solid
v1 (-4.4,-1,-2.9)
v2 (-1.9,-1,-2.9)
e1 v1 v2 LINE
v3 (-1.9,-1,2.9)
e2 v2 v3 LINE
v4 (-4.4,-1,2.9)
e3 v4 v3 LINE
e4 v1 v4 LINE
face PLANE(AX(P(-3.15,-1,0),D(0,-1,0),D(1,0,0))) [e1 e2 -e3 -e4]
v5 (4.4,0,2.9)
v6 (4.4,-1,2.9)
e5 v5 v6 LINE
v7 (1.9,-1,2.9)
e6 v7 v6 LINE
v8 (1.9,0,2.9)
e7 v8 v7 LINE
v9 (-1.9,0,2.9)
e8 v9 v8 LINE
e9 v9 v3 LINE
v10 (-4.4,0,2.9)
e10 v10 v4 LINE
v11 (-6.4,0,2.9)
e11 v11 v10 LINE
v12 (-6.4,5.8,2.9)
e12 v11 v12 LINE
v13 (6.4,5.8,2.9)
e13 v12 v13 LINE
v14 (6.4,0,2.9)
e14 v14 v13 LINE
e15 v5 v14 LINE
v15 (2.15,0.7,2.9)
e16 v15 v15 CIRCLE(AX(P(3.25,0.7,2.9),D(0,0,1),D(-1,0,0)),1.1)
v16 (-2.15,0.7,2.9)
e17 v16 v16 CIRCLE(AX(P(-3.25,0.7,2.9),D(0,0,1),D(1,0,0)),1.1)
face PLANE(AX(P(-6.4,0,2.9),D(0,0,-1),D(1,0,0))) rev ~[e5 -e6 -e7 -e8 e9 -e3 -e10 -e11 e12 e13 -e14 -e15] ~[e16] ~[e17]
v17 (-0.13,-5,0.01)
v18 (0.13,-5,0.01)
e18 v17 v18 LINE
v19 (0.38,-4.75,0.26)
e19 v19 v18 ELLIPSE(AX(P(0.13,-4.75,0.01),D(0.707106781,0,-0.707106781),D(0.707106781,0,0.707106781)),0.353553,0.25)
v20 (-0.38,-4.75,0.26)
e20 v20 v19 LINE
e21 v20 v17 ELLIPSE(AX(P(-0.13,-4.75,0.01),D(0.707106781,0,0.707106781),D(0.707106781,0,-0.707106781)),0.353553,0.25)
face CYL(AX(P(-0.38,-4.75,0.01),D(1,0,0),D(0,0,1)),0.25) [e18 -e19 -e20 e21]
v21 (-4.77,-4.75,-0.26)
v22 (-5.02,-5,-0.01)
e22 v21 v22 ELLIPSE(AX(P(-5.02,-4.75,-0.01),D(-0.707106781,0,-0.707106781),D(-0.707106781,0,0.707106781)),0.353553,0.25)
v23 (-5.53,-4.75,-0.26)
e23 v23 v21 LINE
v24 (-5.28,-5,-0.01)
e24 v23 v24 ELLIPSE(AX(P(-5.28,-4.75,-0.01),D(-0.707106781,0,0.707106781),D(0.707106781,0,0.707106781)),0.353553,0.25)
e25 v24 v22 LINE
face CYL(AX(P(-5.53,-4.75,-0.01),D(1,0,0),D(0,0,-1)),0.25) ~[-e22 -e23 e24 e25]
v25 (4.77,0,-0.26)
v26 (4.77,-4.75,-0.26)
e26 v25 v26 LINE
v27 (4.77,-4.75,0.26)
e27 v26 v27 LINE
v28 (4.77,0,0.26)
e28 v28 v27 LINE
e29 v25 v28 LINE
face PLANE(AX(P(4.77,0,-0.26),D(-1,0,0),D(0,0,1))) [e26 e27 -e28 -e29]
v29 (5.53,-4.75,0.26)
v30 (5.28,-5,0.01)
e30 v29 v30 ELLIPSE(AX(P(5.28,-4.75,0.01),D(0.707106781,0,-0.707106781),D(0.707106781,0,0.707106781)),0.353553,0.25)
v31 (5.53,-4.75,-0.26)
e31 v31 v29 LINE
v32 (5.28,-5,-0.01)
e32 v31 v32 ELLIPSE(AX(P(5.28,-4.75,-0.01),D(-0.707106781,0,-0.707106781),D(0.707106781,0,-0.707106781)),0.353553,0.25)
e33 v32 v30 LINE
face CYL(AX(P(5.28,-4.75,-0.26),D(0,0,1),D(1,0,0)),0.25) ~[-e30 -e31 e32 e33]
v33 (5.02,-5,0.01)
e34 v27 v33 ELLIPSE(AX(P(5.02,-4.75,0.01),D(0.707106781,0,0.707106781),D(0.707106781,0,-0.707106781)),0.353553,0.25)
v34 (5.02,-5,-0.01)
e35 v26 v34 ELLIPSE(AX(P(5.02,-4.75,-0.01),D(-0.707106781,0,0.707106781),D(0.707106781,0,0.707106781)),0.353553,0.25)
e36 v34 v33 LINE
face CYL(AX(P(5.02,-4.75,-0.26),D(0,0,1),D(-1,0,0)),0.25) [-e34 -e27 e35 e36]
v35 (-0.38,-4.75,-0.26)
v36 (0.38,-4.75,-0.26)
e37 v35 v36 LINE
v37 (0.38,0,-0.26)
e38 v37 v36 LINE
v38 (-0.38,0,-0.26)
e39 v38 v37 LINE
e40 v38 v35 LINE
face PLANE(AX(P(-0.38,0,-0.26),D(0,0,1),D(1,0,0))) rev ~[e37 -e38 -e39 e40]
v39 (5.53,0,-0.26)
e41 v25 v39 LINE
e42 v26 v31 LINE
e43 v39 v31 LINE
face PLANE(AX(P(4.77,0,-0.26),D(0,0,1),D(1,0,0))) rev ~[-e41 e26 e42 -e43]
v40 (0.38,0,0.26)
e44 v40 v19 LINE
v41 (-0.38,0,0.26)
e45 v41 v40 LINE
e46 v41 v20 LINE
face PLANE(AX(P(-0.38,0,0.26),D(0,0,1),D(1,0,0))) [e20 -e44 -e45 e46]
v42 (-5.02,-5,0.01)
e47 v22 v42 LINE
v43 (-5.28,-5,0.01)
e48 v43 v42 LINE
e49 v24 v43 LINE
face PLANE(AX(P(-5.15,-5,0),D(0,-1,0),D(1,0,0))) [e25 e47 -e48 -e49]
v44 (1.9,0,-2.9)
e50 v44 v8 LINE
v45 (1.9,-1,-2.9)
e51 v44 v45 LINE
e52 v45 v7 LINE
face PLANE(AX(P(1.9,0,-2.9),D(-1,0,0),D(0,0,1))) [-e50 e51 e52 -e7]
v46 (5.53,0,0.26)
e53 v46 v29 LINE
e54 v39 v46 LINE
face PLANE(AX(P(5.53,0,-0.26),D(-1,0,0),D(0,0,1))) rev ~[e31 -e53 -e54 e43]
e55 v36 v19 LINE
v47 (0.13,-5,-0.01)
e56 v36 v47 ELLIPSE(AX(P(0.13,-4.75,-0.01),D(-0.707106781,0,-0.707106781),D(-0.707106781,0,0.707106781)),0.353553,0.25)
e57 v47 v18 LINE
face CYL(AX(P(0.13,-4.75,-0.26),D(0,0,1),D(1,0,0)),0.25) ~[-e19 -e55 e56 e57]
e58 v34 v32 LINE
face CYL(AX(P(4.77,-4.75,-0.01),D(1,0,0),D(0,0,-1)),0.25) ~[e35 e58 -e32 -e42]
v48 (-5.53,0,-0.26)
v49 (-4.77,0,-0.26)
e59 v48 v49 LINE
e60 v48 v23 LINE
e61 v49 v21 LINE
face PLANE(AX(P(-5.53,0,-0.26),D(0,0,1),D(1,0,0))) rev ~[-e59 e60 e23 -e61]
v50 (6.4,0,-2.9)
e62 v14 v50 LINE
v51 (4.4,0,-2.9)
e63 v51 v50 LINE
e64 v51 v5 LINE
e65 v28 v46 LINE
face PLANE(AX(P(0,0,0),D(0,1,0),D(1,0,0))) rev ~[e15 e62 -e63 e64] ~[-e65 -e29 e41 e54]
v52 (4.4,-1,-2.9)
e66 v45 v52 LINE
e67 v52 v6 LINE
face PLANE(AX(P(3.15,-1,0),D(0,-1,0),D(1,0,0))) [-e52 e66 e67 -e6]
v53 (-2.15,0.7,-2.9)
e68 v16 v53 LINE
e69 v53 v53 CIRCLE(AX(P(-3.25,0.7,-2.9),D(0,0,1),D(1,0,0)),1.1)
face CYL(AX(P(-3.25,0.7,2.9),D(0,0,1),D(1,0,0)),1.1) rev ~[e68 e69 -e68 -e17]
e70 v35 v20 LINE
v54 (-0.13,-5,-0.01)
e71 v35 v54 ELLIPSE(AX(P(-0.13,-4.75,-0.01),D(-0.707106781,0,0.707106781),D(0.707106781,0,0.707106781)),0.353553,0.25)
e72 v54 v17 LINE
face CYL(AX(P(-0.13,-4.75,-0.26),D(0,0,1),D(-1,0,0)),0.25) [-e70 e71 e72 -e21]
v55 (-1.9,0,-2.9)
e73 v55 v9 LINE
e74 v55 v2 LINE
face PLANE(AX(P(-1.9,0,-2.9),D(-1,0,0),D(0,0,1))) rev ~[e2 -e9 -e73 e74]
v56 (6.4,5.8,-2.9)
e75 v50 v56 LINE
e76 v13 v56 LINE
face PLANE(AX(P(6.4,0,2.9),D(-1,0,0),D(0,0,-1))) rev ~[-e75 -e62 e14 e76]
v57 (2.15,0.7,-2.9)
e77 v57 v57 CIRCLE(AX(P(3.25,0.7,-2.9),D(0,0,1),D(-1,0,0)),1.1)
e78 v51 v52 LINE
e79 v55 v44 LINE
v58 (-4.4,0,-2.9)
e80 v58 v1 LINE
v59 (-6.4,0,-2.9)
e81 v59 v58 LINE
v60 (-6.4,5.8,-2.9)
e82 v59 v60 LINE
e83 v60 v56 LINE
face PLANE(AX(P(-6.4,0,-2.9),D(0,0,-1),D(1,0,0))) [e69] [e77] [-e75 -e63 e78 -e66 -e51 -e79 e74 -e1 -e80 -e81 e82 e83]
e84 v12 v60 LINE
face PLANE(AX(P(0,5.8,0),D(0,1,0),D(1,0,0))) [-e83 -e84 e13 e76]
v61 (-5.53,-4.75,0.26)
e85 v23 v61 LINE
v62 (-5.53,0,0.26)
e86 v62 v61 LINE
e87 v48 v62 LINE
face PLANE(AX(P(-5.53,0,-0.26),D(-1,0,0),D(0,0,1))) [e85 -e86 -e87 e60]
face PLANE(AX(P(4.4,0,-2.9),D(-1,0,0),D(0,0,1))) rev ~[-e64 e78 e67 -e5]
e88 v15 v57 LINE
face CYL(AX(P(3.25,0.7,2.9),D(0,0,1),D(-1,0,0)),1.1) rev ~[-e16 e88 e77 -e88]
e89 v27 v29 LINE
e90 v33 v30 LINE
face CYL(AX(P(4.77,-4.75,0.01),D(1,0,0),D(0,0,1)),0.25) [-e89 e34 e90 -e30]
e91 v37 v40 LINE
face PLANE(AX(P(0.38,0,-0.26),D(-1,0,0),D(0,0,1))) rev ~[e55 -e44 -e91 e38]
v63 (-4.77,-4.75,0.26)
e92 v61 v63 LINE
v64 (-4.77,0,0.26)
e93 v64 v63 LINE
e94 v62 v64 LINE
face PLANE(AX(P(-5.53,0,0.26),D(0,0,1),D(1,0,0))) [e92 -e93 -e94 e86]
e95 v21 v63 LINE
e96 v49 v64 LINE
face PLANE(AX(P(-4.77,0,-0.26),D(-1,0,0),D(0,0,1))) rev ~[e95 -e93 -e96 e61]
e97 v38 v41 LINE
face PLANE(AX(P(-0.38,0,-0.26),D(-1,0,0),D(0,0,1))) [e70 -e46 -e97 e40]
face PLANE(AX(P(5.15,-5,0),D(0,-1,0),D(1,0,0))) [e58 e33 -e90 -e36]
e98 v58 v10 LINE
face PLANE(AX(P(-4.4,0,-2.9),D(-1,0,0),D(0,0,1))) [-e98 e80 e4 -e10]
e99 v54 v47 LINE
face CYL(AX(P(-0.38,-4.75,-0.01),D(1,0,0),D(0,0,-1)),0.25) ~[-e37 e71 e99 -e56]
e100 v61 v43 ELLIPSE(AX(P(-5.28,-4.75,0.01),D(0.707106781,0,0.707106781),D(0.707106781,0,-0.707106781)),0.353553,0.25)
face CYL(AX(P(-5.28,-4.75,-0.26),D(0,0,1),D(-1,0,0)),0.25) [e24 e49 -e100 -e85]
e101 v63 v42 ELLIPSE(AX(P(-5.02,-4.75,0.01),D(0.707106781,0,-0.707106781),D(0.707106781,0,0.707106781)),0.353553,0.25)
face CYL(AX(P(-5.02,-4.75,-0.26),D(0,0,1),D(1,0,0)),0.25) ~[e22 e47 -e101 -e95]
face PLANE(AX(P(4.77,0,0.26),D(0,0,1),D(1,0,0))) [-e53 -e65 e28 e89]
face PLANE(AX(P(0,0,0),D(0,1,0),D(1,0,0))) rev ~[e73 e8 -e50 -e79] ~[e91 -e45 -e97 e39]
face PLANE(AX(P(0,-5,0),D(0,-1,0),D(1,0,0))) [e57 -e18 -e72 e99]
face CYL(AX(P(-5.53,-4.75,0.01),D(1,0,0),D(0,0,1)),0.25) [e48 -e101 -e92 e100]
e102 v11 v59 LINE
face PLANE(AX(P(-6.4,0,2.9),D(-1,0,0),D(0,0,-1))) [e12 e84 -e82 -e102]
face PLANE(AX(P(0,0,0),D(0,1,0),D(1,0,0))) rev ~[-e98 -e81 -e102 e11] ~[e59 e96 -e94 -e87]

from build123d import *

# Parameters (mm, degrees)
SKETCH_1_W          = 12.8
SKETCH_1_H          = 5.8
EXTRUDE_1_DEPTH     = 5.8
SKETCH_2_W          = 0.76
SKETCH_2_H          = 0.52
EXTRUDE_2_DEPTH     = 5
FILLET_3_R          = 0.25
SKETCH_4_W          = 2.5
SKETCH_4_H          = 5.8
EXTRUDE_3_DEPTH     = 1
SKETCH_3_R          = 1.1
CUT_EXTRUDE_1_DEPTH = 11.403845443


with BuildPart() as part:
    # 草图1 → 凸台-拉伸1 (new body)
    with BuildSketch(Plane(origin=(0, 0, 0), x_dir=(1, 0, 0), z_dir=(0, 1, 0))):
        Rectangle(SKETCH_1_W, SKETCH_1_H)
    extrude(amount=EXTRUDE_1_DEPTH)

    # 草图2 → 凸台-拉伸2 (add)
    with BuildSketch(Plane.XZ):
        Rectangle(SKETCH_2_W, SKETCH_2_H)
        with Locations((5.15, 0)):
            Rectangle(SKETCH_2_W, SKETCH_2_H)
        with Locations((-5.15, 0)):
            Rectangle(SKETCH_2_W, SKETCH_2_H)
    extrude(amount=EXTRUDE_2_DEPTH)

    # 圆角3
    fillet_3_edges = [part.edges().sort_by_distance(p)[0] for p in [
        (0.38, -5, 0),
        (0, -5, 0.26),
        (-0.38, -5, 0),
        (0, -5, -0.26),
        (5.15, -5, 0.26),
        (4.77, -5, 0),
        (5.15, -5, -0.26),
        (5.53, -5, 0),
        (-4.77, -5, 0),
        (-5.15, -5, 0.26),
        (-5.53, -5, 0),
        (-5.15, -5, -0.26),
    ]]
    fillet(fillet_3_edges, radius=FILLET_3_R)

    # 草图4 → 凸台-拉伸3 (add)
    with BuildSketch(Plane.XZ):
        with Locations((-3.15, 0)):
            Rectangle(SKETCH_4_W, SKETCH_4_H)
        with Locations((3.15, 0)):
            Rectangle(SKETCH_4_W, SKETCH_4_H)
    extrude(amount=EXTRUDE_3_DEPTH)

    # 草图3 → 切除-拉伸1 (cut, through all)
    with BuildSketch(Plane.XY.offset(2.9)):
        with Locations((-3.25, 0.7)):
            Circle(SKETCH_3_R)
        with Locations(Location((3.25, 0.7, 0), (0, 0, 180))):
            Circle(SKETCH_3_R)
    extrude(amount=-CUT_EXTRUDE_1_DEPTH, mode=Mode.SUBTRACT)


solid = part.part
